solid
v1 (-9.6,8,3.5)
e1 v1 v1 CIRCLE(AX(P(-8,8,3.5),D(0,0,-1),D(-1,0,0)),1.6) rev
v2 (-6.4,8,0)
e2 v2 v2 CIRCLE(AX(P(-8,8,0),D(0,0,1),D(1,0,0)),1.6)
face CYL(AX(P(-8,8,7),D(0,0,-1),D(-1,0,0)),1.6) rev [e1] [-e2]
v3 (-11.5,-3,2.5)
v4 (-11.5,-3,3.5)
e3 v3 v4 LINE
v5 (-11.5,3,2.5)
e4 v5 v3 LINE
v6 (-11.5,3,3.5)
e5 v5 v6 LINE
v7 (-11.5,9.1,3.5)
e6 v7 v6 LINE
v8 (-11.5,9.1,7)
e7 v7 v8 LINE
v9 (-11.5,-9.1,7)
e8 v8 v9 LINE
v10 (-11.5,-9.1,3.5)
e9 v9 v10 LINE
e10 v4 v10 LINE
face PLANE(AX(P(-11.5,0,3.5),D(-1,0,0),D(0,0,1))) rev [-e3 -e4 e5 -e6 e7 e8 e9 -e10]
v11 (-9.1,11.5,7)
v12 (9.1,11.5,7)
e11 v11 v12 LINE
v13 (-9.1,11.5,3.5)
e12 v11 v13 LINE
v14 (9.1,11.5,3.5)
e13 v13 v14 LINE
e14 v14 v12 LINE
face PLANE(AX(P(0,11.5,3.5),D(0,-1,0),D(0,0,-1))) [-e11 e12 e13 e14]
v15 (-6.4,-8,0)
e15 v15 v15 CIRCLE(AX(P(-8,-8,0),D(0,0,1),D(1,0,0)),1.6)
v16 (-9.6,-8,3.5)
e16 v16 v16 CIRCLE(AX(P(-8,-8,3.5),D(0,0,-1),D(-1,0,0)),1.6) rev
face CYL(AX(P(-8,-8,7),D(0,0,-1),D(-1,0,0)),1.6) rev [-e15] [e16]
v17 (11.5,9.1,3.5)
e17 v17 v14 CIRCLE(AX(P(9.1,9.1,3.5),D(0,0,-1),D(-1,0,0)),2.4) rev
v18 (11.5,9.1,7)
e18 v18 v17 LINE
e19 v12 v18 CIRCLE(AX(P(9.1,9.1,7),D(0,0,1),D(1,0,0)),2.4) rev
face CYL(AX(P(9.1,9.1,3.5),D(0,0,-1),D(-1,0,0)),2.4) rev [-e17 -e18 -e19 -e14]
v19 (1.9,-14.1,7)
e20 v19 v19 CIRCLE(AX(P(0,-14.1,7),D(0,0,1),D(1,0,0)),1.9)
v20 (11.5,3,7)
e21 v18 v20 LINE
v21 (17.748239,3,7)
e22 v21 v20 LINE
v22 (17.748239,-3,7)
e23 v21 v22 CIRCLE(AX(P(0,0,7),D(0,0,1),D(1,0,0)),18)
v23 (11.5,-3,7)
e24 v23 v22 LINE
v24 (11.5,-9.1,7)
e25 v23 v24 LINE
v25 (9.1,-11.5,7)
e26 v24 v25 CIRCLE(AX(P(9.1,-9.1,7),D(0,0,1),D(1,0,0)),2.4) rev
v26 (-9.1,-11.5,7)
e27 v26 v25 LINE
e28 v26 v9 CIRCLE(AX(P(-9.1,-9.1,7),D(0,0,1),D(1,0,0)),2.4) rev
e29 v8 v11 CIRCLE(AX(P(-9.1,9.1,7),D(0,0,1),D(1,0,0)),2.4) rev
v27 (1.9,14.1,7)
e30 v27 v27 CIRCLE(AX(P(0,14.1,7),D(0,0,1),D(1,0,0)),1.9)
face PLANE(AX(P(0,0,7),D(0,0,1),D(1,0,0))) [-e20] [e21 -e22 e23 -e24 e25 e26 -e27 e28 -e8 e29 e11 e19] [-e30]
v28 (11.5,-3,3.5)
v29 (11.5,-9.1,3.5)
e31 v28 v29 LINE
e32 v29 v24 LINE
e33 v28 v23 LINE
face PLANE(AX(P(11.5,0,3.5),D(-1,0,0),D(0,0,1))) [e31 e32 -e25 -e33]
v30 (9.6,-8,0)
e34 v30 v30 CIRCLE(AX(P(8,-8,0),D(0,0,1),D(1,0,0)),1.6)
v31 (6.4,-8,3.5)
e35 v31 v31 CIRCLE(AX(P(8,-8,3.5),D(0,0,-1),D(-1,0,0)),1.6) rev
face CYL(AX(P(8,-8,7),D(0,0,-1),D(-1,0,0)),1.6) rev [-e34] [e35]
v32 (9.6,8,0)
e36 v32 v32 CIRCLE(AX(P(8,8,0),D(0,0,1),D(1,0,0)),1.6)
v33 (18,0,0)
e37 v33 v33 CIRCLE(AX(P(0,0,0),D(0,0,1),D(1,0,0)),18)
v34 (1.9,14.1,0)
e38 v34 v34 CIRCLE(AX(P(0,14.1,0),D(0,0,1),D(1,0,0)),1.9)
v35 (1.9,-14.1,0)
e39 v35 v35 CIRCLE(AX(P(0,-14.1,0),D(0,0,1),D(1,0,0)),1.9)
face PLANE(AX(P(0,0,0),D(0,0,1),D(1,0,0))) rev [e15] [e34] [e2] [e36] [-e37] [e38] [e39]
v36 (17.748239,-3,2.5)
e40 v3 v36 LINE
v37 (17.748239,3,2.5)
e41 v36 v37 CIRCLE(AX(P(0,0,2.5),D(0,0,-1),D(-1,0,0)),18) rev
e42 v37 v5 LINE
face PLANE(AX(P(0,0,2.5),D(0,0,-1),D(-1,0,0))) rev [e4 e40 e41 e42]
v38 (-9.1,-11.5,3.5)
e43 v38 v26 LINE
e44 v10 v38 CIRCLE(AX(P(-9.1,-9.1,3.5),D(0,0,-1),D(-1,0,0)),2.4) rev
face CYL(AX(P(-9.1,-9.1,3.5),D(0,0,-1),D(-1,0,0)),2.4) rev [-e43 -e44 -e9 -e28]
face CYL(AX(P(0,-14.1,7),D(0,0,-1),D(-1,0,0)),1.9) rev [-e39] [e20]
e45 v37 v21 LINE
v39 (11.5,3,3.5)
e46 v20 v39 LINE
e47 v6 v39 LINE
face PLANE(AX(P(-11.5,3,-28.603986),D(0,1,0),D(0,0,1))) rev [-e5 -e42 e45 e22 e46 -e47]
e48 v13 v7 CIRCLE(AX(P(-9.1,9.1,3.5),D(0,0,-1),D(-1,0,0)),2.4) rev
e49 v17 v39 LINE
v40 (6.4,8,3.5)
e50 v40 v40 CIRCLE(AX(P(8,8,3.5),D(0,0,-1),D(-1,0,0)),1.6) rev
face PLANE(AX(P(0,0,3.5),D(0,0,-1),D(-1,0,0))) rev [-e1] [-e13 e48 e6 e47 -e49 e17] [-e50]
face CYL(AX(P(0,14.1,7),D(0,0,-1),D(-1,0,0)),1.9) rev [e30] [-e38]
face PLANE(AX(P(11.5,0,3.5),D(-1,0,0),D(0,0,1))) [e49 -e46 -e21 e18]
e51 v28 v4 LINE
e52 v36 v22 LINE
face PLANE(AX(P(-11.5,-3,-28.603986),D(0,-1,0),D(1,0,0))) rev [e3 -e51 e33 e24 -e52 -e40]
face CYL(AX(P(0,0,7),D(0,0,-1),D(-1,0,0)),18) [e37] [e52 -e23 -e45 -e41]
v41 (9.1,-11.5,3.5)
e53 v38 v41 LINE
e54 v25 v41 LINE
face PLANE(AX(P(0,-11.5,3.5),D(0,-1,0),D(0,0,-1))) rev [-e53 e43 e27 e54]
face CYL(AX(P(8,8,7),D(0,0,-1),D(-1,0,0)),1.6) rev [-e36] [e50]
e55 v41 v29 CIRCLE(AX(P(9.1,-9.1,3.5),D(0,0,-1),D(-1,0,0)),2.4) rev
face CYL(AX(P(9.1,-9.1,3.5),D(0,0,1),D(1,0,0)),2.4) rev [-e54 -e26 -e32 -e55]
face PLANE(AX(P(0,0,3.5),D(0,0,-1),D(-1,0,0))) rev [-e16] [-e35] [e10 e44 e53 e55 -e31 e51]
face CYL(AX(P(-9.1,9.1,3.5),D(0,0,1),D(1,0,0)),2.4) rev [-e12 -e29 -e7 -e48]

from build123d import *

# Parameters (mm, degrees)
SKETCH1_R           = 18
SKETCH1_R_2         = 1.9
BOSS_EXTRUDE1_DEPTH = 7
CUT_EXTRUDE1_START  = 7
SKETCH1_3_W         = 23
SKETCH1_3_H         = 23
SKETCH1_3_R         = 1.6
CUT_EXTRUDE1_DEPTH  = 3.5
SKETCH1_4_R         = 1.6
CUT_EXTRUDE3_DEPTH  = 27.400757565
CUT_EXTRUDE4_START  = -4.5
CUT_EXTRUDE4_DEPTH  = 4.5
FILLET1_R           = 2.4


with BuildPart() as part:
    # Sketch1 → Boss-Extrude1 (new body)
    with BuildSketch(Plane(origin=(0, 0, 0), x_dir=(0, 1, 0), z_dir=(0, 0, 1))):
        with Locations(Location((0, 0, 0), (0, 0, 270))):
            Circle(SKETCH1_R)
        with Locations(Location((14.1, 0, 0), (0, 0, 270))):
            Circle(SKETCH1_R_2, mode=Mode.SUBTRACT)
        with Locations(Location((-14.1, 0, 0), (0, 0, 270))):
            Circle(SKETCH1_R_2, mode=Mode.SUBTRACT)
    extrude(amount=BOSS_EXTRUDE1_DEPTH)

    # Sketch1<3> → Cut-Extrude1 (cut)
    # profile 1 of 5: a face of its own
    with BuildSketch(Plane(origin=(0, 0, 0), x_dir=(0, 1, 0), z_dir=(0, 0, 1)).offset(CUT_EXTRUDE1_START)):
        Rectangle(SKETCH1_3_W, SKETCH1_3_H)
        with Locations((-8, -8)):
            Circle(SKETCH1_3_R, mode=Mode.SUBTRACT)
        with Locations((8, -8)):
            Circle(SKETCH1_3_R, mode=Mode.SUBTRACT)
        with Locations((8, 8)):
            Circle(SKETCH1_3_R, mode=Mode.SUBTRACT)
        with Locations((-8, 8)):
            Circle(SKETCH1_3_R, mode=Mode.SUBTRACT)
    # profile 2 of 5: a face of its own
    with BuildSketch(Plane(origin=(0, 0, 0), x_dir=(0, 1, 0), z_dir=(0, 0, 1)).offset(CUT_EXTRUDE1_START)):
        with Locations((-8, 8)):
            Circle(SKETCH1_3_R)
    # profile 3 of 5: a face of its own
    with BuildSketch(Plane(origin=(0, 0, 0), x_dir=(0, 1, 0), z_dir=(0, 0, 1)).offset(CUT_EXTRUDE1_START)):
        with Locations((8, 8)):
            Circle(SKETCH1_3_R)
    # profile 4 of 5: a face of its own
    with BuildSketch(Plane(origin=(0, 0, 0), x_dir=(0, 1, 0), z_dir=(0, 0, 1)).offset(CUT_EXTRUDE1_START)):
        with Locations((-8, -8)):
            Circle(SKETCH1_3_R)
    # profile 5 of 5: a face of its own
    with BuildSketch(Plane(origin=(0, 0, 0), x_dir=(0, 1, 0), z_dir=(0, 0, 1)).offset(CUT_EXTRUDE1_START)):
        with Locations((8, -8)):
            Circle(SKETCH1_3_R)
    extrude(amount=-CUT_EXTRUDE1_DEPTH, mode=Mode.SUBTRACT)

    # Sketch1<4> → Cut-Extrude3 (cut, through all)
    with BuildSketch(Plane(origin=(0, 0, 0), x_dir=(0, 1, 0), z_dir=(0, 0, 1))):
        with Locations(Location((-8, -8, 0), (0, 0, 90))):
            Circle(SKETCH1_4_R)
        with Locations(Location((8, -8, 0), (0, 0, 90))):
            Circle(SKETCH1_4_R)
        with Locations(Location((8, 8, 0), (0, 0, 90))):
            Circle(SKETCH1_4_R)
        with Locations(Location((-8, 8, 0), (0, 0, 90))):
            Circle(SKETCH1_4_R)
    extrude(amount=CUT_EXTRUDE3_DEPTH, mode=Mode.SUBTRACT)

    # Sketch2 → Cut-Extrude4 (cut)
    with BuildSketch(Plane.XY.offset(7).offset(CUT_EXTRUDE4_START)):
        with BuildLine():
            Line((-11.5, 3), (17.748239349, 3))
            ThreePointArc((17.748239349, 3), (18, 0), (17.748239349, -3))
            Line((17.748239349, -3), (-11.5, -3))
            Line((-11.5, -3), (-11.5, 3))
        make_face()
    extrude(amount=CUT_EXTRUDE4_DEPTH, mode=Mode.SUBTRACT)

    # Fillet1
    fillet1_edges = [part.edges().sort_by_distance(p)[0] for p in [
        (11.5, -11.5, 5.25),
        (-11.5, -11.5, 5.25),
        (-11.5, 11.5, 5.25),
        (11.5, 11.5, 5.25),
    ]]
    fillet(fillet1_edges, radius=FILLET1_R)


solid = part.part
